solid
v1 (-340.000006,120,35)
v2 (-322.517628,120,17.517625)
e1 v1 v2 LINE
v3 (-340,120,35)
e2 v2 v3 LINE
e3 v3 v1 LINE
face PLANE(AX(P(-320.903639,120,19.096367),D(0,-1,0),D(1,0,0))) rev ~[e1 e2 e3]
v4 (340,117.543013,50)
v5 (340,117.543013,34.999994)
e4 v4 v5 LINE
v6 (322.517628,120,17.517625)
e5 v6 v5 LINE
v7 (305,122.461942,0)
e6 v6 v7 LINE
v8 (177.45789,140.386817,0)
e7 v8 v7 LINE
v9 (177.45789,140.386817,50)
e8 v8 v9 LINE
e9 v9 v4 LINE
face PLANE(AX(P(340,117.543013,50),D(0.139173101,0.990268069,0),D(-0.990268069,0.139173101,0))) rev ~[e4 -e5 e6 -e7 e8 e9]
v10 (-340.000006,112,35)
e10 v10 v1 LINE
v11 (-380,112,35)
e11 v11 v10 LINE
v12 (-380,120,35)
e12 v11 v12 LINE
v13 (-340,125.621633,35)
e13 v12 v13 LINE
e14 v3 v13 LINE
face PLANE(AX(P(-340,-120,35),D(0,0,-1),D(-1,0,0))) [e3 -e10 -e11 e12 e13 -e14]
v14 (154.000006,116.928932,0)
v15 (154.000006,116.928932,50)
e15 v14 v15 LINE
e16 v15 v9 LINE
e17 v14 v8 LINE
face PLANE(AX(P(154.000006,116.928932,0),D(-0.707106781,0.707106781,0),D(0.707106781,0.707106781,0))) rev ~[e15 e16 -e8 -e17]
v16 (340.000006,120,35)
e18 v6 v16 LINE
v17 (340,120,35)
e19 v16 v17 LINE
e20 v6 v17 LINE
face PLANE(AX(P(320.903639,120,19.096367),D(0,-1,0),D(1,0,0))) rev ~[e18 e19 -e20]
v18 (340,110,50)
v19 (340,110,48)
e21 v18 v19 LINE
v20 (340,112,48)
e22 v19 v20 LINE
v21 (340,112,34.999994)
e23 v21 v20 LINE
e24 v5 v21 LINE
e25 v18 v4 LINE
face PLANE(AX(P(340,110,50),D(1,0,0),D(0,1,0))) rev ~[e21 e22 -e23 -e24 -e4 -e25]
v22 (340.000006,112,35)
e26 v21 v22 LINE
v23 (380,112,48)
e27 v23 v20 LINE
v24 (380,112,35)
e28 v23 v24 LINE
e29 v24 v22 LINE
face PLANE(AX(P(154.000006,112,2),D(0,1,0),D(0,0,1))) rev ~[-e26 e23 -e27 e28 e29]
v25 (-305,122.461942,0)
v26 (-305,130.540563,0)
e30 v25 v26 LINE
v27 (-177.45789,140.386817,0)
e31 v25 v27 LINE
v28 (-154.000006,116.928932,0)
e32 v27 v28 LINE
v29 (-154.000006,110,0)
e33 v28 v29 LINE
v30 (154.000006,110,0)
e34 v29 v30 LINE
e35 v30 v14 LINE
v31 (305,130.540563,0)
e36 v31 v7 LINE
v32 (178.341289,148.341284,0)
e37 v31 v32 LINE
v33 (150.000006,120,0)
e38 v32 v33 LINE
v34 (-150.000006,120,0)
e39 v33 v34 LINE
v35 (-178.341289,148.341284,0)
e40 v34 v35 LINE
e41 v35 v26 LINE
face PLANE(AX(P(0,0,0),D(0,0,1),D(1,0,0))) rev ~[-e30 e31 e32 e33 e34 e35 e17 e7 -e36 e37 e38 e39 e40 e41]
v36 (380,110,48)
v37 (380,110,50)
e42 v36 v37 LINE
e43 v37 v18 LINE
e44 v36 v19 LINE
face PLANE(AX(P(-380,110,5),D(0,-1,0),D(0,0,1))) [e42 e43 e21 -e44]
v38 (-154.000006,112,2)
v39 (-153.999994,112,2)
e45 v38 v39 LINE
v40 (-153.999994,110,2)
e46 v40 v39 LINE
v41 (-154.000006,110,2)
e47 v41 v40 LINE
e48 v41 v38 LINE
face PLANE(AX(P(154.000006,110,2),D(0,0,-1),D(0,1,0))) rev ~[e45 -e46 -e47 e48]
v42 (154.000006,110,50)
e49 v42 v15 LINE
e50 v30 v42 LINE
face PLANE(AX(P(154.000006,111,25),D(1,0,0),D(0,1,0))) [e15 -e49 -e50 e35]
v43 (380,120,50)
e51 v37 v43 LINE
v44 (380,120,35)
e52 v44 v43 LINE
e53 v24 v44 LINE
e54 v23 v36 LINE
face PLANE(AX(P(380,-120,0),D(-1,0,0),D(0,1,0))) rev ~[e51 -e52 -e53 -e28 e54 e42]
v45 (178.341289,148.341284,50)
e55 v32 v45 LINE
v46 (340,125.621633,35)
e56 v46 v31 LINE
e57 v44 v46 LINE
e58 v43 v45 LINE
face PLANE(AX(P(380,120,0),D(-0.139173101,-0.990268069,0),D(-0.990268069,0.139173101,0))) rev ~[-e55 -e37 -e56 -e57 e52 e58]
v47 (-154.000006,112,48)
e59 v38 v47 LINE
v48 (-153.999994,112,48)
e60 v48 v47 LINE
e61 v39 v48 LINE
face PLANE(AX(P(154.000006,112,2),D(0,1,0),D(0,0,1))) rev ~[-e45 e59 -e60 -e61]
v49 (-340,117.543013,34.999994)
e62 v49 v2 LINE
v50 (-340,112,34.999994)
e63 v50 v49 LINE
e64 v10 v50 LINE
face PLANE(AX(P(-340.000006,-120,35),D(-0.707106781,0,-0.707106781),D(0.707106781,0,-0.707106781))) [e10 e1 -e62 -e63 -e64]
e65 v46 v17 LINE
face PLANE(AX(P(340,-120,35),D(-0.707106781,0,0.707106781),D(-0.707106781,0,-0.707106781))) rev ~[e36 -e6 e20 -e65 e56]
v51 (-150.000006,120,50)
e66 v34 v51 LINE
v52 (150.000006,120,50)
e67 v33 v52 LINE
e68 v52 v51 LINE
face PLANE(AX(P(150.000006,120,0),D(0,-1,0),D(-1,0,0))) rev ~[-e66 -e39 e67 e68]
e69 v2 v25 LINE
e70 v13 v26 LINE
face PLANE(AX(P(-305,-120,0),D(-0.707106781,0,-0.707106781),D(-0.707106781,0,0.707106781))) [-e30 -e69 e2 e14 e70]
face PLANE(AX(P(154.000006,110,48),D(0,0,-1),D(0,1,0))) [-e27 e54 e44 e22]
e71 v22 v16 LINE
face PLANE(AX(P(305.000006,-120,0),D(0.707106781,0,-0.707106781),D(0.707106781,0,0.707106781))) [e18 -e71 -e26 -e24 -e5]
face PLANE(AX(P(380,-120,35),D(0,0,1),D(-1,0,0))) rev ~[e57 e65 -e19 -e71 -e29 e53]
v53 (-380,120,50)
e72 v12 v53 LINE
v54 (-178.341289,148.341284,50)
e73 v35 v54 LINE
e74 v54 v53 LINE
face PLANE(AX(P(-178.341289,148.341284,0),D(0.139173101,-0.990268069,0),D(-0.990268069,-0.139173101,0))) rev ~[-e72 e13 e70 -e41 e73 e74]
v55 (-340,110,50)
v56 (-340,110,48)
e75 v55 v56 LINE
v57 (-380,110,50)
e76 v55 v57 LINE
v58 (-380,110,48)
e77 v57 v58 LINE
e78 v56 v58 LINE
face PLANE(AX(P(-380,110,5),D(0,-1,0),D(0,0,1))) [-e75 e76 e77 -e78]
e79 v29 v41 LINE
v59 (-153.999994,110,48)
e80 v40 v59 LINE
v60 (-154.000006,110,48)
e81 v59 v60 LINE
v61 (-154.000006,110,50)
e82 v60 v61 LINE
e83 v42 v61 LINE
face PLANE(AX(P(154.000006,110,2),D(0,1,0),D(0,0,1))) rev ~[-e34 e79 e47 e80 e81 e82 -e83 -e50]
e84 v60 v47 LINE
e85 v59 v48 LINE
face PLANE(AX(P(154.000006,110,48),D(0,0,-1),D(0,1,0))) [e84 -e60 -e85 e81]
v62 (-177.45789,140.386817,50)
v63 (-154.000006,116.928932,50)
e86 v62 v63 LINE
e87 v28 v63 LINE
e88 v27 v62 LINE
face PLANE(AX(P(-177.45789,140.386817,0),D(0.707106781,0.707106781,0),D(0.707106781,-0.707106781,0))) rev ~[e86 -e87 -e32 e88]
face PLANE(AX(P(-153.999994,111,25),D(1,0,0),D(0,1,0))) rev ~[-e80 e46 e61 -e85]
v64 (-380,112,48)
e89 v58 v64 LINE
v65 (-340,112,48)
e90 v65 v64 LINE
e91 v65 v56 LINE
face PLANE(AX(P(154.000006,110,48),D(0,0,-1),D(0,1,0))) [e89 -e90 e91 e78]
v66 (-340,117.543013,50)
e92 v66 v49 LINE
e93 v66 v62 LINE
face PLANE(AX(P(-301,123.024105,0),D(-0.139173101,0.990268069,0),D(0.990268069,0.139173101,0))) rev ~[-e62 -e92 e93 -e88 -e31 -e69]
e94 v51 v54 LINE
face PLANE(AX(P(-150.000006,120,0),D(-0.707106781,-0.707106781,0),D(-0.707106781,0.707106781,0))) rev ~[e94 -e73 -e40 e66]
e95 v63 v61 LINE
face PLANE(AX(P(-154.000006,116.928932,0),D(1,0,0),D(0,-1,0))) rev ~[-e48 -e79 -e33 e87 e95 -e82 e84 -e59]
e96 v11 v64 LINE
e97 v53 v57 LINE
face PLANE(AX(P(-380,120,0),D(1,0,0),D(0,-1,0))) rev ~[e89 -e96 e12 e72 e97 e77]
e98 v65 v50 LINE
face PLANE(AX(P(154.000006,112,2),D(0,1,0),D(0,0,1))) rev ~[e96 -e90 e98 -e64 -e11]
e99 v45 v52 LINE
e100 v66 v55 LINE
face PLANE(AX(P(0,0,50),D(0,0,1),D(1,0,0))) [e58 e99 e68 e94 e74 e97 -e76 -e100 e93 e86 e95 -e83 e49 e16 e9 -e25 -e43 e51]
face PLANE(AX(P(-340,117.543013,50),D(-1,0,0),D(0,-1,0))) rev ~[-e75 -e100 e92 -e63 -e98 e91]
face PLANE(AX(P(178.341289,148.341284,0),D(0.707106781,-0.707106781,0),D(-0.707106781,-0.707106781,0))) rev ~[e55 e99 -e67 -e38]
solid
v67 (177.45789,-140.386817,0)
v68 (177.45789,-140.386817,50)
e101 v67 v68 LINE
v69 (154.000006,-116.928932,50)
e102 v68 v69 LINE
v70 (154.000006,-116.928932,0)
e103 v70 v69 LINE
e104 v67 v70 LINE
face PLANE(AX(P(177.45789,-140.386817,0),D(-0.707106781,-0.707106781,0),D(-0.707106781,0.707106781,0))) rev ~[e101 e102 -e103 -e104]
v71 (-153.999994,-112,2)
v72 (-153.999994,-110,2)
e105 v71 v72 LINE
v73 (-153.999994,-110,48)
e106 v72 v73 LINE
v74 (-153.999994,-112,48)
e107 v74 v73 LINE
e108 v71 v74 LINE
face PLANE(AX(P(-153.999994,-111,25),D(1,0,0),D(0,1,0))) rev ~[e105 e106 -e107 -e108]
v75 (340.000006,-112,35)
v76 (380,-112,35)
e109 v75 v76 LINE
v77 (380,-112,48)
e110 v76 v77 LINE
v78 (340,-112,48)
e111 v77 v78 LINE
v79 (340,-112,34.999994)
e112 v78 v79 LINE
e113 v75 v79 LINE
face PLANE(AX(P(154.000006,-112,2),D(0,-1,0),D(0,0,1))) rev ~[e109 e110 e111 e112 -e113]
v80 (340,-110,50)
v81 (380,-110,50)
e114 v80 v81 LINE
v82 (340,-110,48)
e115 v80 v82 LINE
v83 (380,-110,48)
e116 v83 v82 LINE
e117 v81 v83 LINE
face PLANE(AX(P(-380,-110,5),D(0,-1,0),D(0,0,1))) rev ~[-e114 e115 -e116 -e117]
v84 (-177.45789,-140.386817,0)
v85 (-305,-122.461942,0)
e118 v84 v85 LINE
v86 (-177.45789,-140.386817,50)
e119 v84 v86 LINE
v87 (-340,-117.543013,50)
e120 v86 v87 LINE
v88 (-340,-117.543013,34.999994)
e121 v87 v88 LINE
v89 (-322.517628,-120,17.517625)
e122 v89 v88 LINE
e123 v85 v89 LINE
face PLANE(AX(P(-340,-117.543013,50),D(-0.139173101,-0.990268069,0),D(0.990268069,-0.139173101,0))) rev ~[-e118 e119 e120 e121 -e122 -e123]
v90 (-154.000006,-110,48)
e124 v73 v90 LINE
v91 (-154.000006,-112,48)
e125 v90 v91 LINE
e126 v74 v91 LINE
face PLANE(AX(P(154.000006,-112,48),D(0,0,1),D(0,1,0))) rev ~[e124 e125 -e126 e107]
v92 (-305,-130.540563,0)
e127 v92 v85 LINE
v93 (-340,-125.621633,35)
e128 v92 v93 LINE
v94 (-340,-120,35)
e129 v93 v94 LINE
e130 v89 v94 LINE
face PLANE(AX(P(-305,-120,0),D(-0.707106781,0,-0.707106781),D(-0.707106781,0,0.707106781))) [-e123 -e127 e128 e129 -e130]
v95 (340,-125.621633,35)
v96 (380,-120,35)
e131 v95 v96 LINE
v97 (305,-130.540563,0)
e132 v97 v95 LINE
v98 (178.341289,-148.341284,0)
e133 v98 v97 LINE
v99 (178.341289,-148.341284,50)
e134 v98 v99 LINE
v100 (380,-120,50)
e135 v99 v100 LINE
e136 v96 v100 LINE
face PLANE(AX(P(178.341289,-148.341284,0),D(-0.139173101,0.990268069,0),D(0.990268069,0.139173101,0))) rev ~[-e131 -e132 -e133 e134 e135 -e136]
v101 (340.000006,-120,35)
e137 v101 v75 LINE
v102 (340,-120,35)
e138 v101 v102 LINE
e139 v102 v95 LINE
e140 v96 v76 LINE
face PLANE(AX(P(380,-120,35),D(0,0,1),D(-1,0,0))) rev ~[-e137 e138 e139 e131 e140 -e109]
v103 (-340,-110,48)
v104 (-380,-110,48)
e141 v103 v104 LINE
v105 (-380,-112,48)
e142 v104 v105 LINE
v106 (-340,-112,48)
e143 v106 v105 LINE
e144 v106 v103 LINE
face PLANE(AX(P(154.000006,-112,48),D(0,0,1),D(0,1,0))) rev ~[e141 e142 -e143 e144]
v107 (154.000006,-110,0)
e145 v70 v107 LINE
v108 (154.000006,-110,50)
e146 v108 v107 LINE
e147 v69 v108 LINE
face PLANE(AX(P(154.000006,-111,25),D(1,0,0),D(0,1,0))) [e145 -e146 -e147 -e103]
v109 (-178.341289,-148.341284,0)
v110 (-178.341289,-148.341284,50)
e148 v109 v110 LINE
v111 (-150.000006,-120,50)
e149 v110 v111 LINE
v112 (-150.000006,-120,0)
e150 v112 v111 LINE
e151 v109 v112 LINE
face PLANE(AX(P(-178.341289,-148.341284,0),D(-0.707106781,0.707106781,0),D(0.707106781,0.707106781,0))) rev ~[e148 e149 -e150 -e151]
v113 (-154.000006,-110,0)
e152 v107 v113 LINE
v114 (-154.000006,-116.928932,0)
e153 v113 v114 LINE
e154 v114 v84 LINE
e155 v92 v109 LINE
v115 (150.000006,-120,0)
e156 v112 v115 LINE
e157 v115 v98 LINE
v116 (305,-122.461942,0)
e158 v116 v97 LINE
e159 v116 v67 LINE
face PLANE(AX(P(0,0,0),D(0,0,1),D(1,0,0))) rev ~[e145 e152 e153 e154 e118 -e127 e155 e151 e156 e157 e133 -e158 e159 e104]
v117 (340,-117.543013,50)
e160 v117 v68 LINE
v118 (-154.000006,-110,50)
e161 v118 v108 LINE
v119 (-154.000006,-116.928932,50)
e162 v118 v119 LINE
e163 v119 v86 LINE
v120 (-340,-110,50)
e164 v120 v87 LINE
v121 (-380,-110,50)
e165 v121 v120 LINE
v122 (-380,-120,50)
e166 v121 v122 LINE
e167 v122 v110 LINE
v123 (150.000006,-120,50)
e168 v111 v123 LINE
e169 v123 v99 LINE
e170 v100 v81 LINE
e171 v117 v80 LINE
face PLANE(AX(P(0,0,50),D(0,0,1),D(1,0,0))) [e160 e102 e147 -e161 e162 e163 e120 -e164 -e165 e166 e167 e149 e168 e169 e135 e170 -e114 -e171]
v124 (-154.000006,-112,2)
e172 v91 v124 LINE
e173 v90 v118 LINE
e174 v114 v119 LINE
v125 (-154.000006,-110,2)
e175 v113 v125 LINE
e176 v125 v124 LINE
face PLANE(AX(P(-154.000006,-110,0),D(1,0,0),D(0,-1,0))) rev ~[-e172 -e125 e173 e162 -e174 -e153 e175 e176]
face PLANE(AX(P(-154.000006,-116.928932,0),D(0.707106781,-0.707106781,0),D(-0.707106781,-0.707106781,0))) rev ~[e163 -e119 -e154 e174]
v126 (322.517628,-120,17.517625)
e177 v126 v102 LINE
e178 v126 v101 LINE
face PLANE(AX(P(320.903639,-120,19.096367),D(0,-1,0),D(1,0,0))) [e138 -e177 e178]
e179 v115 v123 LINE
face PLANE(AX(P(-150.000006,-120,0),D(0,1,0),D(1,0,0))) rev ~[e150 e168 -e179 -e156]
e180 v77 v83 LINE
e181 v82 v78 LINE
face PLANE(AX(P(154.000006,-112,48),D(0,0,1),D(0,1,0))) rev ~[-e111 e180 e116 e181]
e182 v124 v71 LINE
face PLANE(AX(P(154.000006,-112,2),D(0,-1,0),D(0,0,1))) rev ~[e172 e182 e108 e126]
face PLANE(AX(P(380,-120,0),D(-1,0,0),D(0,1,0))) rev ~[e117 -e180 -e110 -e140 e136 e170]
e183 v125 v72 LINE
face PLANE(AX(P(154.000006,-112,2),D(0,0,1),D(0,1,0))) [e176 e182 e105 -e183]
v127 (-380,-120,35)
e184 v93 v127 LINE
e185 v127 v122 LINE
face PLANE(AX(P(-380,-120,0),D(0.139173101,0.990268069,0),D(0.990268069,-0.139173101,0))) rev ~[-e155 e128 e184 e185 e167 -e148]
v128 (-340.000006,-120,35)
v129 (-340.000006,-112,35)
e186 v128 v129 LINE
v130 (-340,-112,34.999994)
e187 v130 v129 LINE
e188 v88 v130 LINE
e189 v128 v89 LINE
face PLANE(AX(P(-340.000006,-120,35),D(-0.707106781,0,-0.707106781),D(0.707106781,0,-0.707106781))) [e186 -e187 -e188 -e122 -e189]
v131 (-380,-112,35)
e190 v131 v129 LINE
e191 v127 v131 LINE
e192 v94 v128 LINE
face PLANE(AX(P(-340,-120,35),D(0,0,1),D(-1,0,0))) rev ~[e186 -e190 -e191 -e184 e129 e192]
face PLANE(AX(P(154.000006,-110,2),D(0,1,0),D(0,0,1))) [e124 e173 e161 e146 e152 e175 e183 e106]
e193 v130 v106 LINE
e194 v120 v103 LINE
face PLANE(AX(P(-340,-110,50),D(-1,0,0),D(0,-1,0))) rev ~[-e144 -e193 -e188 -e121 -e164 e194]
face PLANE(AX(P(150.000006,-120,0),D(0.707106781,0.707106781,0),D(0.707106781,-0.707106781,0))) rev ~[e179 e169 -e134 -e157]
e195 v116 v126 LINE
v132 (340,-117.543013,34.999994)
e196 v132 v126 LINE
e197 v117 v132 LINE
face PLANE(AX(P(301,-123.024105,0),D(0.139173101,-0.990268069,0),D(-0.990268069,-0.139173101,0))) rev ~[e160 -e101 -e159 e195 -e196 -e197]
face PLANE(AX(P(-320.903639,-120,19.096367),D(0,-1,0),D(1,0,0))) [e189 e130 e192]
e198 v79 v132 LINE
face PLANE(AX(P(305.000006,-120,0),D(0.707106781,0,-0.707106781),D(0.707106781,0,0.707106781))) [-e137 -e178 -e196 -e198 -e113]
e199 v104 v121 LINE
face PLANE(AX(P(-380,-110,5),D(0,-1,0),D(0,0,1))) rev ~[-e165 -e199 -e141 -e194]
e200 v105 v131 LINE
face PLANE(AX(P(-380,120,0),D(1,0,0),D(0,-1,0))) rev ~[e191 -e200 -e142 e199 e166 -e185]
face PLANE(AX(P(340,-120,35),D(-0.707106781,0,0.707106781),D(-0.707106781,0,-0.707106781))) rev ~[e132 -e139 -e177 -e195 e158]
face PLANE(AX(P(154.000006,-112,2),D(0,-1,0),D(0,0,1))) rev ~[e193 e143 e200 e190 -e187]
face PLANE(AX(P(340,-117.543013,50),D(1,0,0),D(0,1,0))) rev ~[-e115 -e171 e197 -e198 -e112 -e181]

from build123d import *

# Parameters (mm, degrees)
F1_DEPTH  = 50
F3_W      = 220
F3_H      = 40
F4_DEPTH  = 760
F5_DEPTH  = 240
F6_W      = 319.9999928474
F6_H      = 220
F6_W_2    = 280
F6_H_2    = 180
F7_DEPTH  = 50
F8_DEPTH  = 435.9292732552
F9_W      = 140
F9_H      = 220
F10_DEPTH = 10
F12_DEPTH = 240
F13_DEPTH = 25
F14_DEPTH = 25
F16_W     = 220
F16_H     = 40
F17_DEPTH = 5
F15_W     = 220
F15_H     = 40
F18_DEPTH = 5
F19_DEPTH = 121.5992048383
F20_DEPTH = 1432.7406287193
F21_DEPTH = 794.6060718969
F22_DEPTH = 848.3018605039
F24_DEPTH = 50
F25_DEPTH = 50
F27_DEPTH = 50
F28_W     = 2
F28_H     = 46
F29_DEPTH = 777.0212888718
F30_DEPTH = 308


with BuildPart() as f1:
    # F0 (on Top) → F1 (new body)
    with BuildSketch(Plane.XY):
        Polygon((-178.3412894642, 148.3412835037), (-380, 120), (-380, -120), (-178.3412894642, -148.3412835037), (-150.0000059605, -120), (150.0000059605, -120), (178.3412894642, -148.3412835037), (380, -120), (380, 120), (178.3412894642, 148.3412835037), (150.0000059605, 120), (-150.0000059605, 120), align=None)
    extrude(amount=F1_DEPTH)

    # F3 (on face) → F4 (cut)
    with BuildSketch(Plane(origin=(-380, 0, 0), x_dir=(0, -1, 0), z_dir=(-1, 0, 0))):
        with Locations((0, 25)):
            Rectangle(F3_W, F3_H)
    extrude(amount=-F4_DEPTH, mode=Mode.SUBTRACT)

    # F2 (on face) → F5 (cut)
    with BuildSketch(Plane.XZ.offset(120)):
        Polygon((305, 0), (380, 0), (380, 35), (340, 35), align=None)
        Polygon((-340, 35), (-380, 35), (-380, 0), (-305, 0), align=None)
    extrude(amount=-F5_DEPTH, mode=Mode.SUBTRACT)

    # F6 (on face) → F7 (cut)
    with BuildSketch(Plane.XY.offset(50)):
        Rectangle(F6_W, F6_H)
        Rectangle(F6_W_2, F6_H_2, mode=Mode.SUBTRACT)
    extrude(amount=-F7_DEPTH, mode=Mode.SUBTRACT)

    # F2 (on face) → F8 (cut, symmetric)
    with BuildSketch(Plane.XZ.offset(120)):
        Polygon((-340, 35), (-380, 35), (-380, 0), (-305, 0), align=None)
        Polygon((305, 0), (380, 0), (380, 35), (340, 35), align=None)
    extrude(amount=F8_DEPTH, both=True, mode=Mode.SUBTRACT)

    # F9 (on face) → F10 (cut)
    with BuildSketch(Plane.XY.offset(50)):
        with Locations((-234.9999964237, 0)):
            Rectangle(F9_W, F9_H)
        with Locations((234.9999964237, 0)):
            Rectangle(F9_W, F9_H)
    extrude(amount=-F10_DEPTH, mode=Mode.SUBTRACT)

    # F11 (on face) → F12 (join)
    with BuildSketch(Plane.XZ.offset(120)):
        Polygon((-305.0000059605, 0), (-305.0000059605, 7.0710678119), (-332.9289381486, 35), (-340.0000059605, 35), align=None)
        Polygon((340.0000059605, 35), (332.9289381486, 35), (305.0000059605, 7.0710678119), (305.0000059605, 0), align=None)
    extrude(amount=-F12_DEPTH)

    # F13 (cut): a face of the model
    f13_faces = [f1.faces().sort_by_distance(p)[0] for p in [
        (0, 0, 50),
    ]]
    extrude(f13_faces, amount=-F13_DEPTH, mode=Mode.SUBTRACT)

    # F14 (cut): a face of the model
    f14_faces = [f1.faces().sort_by_distance(p)[0] for p in [
        (0, 0, 0),
    ]]
    extrude(f14_faces, amount=-F14_DEPTH, mode=Mode.SUBTRACT)

    # F16 (on face) → F17 (join)
    with BuildSketch(Plane.YZ.offset(-159.9999964237)):
        with Locations((0, 25)):
            Rectangle(F16_W, F16_H)
    extrude(amount=-F17_DEPTH)

    # F15 (on face) → F18 (join)
    with BuildSketch(Plane(origin=(159.9999964237, 0, 0), x_dir=(0, -1, 0), z_dir=(-1, 0, 0))):
        with Locations((0, 25)):
            Rectangle(F15_W, F15_H)
    extrude(amount=-F18_DEPTH)

    # F19 (cut): a face of the model
    f19_faces = [f1.faces().sort_by_distance(p)[0] for p in [
        (-304.9999964237, 0, 47.5),
    ]]
    extrude(f19_faces, amount=-F19_DEPTH, mode=Mode.SUBTRACT)

    # F20 (cut, symmetric): a face of the model
    f20_faces = [f1.faces().sort_by_distance(p)[0] for p in [
        (304.9999964237, 0, 47.5),
    ]]
    extrude(f20_faces, amount=F20_DEPTH, both=True, mode=Mode.SUBTRACT)

    # F21 (cut, symmetric): a face of the model
    f21_faces = [f1.faces().sort_by_distance(p)[0] for p in [
        (-164.9999964237, 0, 25),
    ]]
    extrude(f21_faces, amount=F21_DEPTH, both=True, mode=Mode.SUBTRACT)

    # F22 (cut, symmetric): a face of the model
    f22_faces = [f1.faces().sort_by_distance(p)[0] for p in [
        (-159.9999964237, 0, 2.5),
    ]]
    extrude(f22_faces, amount=F22_DEPTH, both=True, mode=Mode.SUBTRACT)

    # F23 (on face) → F24 (cut)
    with BuildSketch(Plane(origin=(0, 0, 0), x_dir=(1, 0, 0), z_dir=(0, 0, -1))):
        Polygon((-154.0000059605, -110), (-301, -110), (-301, -123.0241053613), (-177.4578903454, -140.3868165731), (-154.0000059605, -116.9289321881), align=None)
        Polygon((301, -123.0241053613), (301, -110), (154.0000059605, -110), (154.0000059605, -116.9289321881), (177.4578903454, -140.3868165731), align=None)
    extrude(amount=-F24_DEPTH, mode=Mode.SUBTRACT)

    # F23 (on face) → F25 (cut)
    with BuildSketch(Plane(origin=(0, 0, 0), x_dir=(1, 0, 0), z_dir=(0, 0, -1))):
        Polygon((-301, 123.0241053613), (-301, 110), (-154.0000059605, 110), (-154.0000059605, 116.9289321881), (-177.4578903454, 140.3868165731), align=None)
        Polygon((154.0000059605, 116.9289321881), (154.0000059605, 110), (301, 110), (301, 123.0241053613), (177.4578903454, 140.3868165731), align=None)
    extrude(amount=-F25_DEPTH, mode=Mode.SUBTRACT)

    # F26 (on face) → F27 (cut)
    with BuildSketch(Plane.XY.offset(50)):
        Polygon((301, -110), (301, -123.0241053613), (340, -117.5430128079), (340, -110), align=None)
        Polygon((-301, -123.0241053613), (-301, -110), (-340, -110), (-340, -117.5430128079), align=None)
        Polygon((301, 110), (340, 110), (340, 117.5430128079), (301, 123.0241053613), align=None)
        Polygon((-340, 110), (-301, 110), (-301, 123.0241053613), (-340, 117.5430128079), align=None)
    extrude(amount=-F27_DEPTH, mode=Mode.SUBTRACT)

    # F28 (on face) → F29 (cut, symmetric)
    with BuildSketch(Plane.YZ.offset(154.0000059605)):
        with Locations((-111, 25)):
            Rectangle(F28_W, F28_H)
        with Locations((111, 25)):
            Rectangle(F28_W, F28_H)
    extrude(amount=F29_DEPTH, both=True, mode=Mode.SUBTRACT)

    # F28 (on face) → F30 (join)
    with BuildSketch(Plane.YZ.offset(154.0000059605)):
        with Locations((-111, 25)):
            Rectangle(F28_W, F28_H)
        with Locations((111, 25)):
            Rectangle(F28_W, F28_H)
    extrude(amount=-F30_DEPTH)


solid = f1.part
